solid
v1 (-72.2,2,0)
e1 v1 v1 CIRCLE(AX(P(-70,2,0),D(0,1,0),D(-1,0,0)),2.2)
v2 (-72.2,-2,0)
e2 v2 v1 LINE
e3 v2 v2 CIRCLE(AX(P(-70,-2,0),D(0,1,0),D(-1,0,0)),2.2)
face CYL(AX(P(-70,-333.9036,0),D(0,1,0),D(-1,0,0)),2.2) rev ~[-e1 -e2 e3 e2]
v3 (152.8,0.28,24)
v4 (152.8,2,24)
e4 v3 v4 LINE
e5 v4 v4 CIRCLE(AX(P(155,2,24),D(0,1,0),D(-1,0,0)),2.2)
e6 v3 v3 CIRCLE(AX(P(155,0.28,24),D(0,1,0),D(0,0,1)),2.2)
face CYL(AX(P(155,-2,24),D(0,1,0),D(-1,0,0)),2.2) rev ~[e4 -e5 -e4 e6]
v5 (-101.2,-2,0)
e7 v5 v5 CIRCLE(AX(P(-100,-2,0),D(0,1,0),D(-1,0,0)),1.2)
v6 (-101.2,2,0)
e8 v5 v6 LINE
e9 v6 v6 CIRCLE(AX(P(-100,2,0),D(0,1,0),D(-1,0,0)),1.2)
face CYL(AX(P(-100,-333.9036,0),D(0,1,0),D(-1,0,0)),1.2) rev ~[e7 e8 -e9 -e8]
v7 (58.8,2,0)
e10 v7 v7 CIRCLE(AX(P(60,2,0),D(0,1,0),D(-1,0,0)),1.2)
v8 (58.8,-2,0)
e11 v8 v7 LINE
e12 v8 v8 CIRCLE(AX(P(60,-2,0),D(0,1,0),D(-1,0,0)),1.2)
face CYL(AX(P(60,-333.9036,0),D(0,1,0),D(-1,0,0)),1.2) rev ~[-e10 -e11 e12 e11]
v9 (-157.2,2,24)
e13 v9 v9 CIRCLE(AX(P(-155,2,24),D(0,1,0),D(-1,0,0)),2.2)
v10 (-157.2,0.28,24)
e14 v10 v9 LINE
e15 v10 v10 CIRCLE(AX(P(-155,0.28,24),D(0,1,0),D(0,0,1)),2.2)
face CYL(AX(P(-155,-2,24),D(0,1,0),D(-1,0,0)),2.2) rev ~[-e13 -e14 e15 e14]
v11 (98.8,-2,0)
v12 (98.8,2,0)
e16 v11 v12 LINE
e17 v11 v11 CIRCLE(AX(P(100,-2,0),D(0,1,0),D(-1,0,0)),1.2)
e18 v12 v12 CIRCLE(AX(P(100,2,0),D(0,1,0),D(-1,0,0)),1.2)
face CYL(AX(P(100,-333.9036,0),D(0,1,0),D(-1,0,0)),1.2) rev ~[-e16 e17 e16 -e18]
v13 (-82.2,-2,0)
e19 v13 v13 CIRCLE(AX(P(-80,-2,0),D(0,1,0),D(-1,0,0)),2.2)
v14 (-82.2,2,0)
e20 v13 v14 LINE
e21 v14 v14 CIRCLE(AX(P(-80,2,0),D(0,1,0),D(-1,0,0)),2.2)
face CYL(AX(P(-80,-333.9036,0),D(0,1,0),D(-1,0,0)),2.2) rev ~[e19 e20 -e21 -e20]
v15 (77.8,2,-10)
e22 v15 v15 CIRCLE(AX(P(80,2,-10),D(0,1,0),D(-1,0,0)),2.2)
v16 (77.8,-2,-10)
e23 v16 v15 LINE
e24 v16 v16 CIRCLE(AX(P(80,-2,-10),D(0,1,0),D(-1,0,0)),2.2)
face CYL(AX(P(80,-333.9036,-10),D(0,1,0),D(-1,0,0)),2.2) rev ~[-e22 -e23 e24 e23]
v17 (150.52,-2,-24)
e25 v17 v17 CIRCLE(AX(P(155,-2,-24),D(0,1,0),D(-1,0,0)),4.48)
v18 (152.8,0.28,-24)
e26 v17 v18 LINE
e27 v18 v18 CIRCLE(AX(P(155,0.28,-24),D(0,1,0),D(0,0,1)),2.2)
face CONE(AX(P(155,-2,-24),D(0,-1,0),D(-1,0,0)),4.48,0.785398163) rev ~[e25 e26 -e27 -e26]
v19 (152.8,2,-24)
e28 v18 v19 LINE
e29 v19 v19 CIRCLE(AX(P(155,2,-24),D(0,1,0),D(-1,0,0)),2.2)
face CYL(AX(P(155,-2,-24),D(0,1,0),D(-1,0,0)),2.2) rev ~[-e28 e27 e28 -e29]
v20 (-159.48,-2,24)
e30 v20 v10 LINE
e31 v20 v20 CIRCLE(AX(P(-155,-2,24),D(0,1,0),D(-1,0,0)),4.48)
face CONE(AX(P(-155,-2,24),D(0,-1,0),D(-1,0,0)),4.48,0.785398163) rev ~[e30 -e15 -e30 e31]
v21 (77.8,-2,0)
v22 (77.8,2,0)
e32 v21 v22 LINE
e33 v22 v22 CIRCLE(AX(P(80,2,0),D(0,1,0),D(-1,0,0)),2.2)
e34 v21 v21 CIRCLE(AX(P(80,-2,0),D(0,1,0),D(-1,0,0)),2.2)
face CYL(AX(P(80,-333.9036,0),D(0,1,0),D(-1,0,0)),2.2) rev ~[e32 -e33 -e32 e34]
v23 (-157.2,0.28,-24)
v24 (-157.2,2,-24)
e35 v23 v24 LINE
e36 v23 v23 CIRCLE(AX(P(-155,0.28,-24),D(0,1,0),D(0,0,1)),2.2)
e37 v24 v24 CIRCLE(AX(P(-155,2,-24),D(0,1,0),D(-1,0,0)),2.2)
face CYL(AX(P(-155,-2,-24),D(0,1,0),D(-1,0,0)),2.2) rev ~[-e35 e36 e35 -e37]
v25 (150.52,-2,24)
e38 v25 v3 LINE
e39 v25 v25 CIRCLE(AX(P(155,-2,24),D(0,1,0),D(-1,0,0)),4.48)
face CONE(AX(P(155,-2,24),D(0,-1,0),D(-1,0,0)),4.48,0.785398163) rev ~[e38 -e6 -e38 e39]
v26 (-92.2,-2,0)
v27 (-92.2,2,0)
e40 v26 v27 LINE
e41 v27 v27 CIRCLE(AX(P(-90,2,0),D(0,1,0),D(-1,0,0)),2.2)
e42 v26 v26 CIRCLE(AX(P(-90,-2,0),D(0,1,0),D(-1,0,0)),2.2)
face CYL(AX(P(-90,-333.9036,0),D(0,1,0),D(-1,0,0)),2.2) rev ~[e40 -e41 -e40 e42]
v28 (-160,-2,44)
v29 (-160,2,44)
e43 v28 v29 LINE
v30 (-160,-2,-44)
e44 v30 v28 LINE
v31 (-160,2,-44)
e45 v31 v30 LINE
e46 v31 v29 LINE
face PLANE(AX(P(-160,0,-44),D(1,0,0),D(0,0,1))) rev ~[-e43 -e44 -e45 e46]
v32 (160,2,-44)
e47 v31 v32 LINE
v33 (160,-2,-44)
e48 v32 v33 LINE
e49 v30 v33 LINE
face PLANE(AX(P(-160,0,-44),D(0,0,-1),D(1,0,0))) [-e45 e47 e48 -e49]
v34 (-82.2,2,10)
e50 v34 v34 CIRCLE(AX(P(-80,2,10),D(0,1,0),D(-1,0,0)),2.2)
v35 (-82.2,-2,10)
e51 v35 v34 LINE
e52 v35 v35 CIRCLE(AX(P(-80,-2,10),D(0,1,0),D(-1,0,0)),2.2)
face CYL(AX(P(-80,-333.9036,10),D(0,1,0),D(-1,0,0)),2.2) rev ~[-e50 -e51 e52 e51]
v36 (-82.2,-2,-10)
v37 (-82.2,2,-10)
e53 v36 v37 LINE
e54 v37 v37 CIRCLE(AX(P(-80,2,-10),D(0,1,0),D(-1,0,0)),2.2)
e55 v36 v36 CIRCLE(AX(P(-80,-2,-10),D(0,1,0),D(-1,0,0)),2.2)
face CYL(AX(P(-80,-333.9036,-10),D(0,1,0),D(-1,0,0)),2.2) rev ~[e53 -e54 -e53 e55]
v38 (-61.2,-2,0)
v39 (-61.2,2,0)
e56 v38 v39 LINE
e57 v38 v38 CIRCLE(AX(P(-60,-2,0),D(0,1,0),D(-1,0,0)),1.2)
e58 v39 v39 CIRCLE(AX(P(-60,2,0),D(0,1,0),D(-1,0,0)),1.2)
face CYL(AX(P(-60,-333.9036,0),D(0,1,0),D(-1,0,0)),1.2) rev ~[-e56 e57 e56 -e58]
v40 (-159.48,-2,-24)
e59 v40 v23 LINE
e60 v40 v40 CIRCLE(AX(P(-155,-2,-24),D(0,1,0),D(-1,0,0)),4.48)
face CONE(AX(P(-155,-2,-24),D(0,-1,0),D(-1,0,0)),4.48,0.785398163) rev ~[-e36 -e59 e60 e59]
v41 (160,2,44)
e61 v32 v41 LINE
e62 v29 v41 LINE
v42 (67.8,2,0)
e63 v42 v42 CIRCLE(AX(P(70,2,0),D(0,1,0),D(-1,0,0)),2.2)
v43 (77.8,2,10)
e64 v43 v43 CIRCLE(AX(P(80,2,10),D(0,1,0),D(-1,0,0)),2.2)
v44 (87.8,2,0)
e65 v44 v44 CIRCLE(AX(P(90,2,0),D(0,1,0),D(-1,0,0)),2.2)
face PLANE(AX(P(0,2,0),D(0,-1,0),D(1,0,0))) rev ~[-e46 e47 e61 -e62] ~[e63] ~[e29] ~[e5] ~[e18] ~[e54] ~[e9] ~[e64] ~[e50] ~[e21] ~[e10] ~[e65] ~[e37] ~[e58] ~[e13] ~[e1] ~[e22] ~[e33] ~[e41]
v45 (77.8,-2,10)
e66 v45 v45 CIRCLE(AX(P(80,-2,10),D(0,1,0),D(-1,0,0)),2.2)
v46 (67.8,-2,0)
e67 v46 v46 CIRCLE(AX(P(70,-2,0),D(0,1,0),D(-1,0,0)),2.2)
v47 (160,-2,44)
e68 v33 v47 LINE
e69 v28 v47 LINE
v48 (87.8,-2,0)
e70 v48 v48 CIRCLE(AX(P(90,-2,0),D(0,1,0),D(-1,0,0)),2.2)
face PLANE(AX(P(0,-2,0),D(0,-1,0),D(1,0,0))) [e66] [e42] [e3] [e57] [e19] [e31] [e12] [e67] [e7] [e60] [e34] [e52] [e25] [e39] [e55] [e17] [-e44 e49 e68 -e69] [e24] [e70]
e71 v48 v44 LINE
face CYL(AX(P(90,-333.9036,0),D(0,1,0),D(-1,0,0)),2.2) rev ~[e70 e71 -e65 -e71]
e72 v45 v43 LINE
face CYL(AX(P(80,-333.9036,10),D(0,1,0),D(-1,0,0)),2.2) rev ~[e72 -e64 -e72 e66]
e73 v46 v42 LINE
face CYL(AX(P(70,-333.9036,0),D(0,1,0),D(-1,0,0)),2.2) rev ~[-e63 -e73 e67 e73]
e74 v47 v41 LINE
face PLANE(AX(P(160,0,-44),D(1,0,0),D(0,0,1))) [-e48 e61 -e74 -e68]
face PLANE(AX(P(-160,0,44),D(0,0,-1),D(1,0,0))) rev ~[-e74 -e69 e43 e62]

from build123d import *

# Parameters (mm, degrees)
F0_W           = 320
F0_H           = 88
F1_DEPTH       = 2
F3_D           = 4.4
F3_DEPTH       = 17.25
F3_CSINK_D     = 8.96
F3_CSINK_ANGLE = 90
F3_TIP         = 1.3218933619
F5_D           = 2.4
F6_D           = 4.4


with BuildPart() as f1:
    # F0 (on Front) → F1 (new body, symmetric)
    with BuildSketch(Plane.XZ):
        Rectangle(F0_W, F0_H)
    extrude(amount=F1_DEPTH, both=True)

    # F3
    with Locations(Plane.XZ.offset(2)):
        with Locations((155, 24), (155, -24), (-155, -24), (-155, 24)):
            CounterSinkHole(F3_D / 2, F3_CSINK_D / 2, depth=F3_DEPTH, counter_sink_angle=F3_CSINK_ANGLE)
            with Locations((0, 0, -(F3_DEPTH + F3_TIP / 2))):  # 118° drill point
                Cone(0, F3_D / 2, F3_TIP, mode=Mode.SUBTRACT)

    # F5 (through all)
    with Locations(Plane.XZ.offset(2)):
        with Locations((-100, 0), (-60, 0), (60, 0), (100, 0)):
            Hole(F5_D / 2)

    # F6 (through all)
    with Locations(Plane.XZ.offset(2)):
        with Locations((-90, 0), (-80, 10), (-80, 0), (-80, -10), (-70, 0), (70, 0), (80, 0), (90, 0), (80, 10), (80, -10)):
            Hole(F6_D / 2)


solid = f1.part
